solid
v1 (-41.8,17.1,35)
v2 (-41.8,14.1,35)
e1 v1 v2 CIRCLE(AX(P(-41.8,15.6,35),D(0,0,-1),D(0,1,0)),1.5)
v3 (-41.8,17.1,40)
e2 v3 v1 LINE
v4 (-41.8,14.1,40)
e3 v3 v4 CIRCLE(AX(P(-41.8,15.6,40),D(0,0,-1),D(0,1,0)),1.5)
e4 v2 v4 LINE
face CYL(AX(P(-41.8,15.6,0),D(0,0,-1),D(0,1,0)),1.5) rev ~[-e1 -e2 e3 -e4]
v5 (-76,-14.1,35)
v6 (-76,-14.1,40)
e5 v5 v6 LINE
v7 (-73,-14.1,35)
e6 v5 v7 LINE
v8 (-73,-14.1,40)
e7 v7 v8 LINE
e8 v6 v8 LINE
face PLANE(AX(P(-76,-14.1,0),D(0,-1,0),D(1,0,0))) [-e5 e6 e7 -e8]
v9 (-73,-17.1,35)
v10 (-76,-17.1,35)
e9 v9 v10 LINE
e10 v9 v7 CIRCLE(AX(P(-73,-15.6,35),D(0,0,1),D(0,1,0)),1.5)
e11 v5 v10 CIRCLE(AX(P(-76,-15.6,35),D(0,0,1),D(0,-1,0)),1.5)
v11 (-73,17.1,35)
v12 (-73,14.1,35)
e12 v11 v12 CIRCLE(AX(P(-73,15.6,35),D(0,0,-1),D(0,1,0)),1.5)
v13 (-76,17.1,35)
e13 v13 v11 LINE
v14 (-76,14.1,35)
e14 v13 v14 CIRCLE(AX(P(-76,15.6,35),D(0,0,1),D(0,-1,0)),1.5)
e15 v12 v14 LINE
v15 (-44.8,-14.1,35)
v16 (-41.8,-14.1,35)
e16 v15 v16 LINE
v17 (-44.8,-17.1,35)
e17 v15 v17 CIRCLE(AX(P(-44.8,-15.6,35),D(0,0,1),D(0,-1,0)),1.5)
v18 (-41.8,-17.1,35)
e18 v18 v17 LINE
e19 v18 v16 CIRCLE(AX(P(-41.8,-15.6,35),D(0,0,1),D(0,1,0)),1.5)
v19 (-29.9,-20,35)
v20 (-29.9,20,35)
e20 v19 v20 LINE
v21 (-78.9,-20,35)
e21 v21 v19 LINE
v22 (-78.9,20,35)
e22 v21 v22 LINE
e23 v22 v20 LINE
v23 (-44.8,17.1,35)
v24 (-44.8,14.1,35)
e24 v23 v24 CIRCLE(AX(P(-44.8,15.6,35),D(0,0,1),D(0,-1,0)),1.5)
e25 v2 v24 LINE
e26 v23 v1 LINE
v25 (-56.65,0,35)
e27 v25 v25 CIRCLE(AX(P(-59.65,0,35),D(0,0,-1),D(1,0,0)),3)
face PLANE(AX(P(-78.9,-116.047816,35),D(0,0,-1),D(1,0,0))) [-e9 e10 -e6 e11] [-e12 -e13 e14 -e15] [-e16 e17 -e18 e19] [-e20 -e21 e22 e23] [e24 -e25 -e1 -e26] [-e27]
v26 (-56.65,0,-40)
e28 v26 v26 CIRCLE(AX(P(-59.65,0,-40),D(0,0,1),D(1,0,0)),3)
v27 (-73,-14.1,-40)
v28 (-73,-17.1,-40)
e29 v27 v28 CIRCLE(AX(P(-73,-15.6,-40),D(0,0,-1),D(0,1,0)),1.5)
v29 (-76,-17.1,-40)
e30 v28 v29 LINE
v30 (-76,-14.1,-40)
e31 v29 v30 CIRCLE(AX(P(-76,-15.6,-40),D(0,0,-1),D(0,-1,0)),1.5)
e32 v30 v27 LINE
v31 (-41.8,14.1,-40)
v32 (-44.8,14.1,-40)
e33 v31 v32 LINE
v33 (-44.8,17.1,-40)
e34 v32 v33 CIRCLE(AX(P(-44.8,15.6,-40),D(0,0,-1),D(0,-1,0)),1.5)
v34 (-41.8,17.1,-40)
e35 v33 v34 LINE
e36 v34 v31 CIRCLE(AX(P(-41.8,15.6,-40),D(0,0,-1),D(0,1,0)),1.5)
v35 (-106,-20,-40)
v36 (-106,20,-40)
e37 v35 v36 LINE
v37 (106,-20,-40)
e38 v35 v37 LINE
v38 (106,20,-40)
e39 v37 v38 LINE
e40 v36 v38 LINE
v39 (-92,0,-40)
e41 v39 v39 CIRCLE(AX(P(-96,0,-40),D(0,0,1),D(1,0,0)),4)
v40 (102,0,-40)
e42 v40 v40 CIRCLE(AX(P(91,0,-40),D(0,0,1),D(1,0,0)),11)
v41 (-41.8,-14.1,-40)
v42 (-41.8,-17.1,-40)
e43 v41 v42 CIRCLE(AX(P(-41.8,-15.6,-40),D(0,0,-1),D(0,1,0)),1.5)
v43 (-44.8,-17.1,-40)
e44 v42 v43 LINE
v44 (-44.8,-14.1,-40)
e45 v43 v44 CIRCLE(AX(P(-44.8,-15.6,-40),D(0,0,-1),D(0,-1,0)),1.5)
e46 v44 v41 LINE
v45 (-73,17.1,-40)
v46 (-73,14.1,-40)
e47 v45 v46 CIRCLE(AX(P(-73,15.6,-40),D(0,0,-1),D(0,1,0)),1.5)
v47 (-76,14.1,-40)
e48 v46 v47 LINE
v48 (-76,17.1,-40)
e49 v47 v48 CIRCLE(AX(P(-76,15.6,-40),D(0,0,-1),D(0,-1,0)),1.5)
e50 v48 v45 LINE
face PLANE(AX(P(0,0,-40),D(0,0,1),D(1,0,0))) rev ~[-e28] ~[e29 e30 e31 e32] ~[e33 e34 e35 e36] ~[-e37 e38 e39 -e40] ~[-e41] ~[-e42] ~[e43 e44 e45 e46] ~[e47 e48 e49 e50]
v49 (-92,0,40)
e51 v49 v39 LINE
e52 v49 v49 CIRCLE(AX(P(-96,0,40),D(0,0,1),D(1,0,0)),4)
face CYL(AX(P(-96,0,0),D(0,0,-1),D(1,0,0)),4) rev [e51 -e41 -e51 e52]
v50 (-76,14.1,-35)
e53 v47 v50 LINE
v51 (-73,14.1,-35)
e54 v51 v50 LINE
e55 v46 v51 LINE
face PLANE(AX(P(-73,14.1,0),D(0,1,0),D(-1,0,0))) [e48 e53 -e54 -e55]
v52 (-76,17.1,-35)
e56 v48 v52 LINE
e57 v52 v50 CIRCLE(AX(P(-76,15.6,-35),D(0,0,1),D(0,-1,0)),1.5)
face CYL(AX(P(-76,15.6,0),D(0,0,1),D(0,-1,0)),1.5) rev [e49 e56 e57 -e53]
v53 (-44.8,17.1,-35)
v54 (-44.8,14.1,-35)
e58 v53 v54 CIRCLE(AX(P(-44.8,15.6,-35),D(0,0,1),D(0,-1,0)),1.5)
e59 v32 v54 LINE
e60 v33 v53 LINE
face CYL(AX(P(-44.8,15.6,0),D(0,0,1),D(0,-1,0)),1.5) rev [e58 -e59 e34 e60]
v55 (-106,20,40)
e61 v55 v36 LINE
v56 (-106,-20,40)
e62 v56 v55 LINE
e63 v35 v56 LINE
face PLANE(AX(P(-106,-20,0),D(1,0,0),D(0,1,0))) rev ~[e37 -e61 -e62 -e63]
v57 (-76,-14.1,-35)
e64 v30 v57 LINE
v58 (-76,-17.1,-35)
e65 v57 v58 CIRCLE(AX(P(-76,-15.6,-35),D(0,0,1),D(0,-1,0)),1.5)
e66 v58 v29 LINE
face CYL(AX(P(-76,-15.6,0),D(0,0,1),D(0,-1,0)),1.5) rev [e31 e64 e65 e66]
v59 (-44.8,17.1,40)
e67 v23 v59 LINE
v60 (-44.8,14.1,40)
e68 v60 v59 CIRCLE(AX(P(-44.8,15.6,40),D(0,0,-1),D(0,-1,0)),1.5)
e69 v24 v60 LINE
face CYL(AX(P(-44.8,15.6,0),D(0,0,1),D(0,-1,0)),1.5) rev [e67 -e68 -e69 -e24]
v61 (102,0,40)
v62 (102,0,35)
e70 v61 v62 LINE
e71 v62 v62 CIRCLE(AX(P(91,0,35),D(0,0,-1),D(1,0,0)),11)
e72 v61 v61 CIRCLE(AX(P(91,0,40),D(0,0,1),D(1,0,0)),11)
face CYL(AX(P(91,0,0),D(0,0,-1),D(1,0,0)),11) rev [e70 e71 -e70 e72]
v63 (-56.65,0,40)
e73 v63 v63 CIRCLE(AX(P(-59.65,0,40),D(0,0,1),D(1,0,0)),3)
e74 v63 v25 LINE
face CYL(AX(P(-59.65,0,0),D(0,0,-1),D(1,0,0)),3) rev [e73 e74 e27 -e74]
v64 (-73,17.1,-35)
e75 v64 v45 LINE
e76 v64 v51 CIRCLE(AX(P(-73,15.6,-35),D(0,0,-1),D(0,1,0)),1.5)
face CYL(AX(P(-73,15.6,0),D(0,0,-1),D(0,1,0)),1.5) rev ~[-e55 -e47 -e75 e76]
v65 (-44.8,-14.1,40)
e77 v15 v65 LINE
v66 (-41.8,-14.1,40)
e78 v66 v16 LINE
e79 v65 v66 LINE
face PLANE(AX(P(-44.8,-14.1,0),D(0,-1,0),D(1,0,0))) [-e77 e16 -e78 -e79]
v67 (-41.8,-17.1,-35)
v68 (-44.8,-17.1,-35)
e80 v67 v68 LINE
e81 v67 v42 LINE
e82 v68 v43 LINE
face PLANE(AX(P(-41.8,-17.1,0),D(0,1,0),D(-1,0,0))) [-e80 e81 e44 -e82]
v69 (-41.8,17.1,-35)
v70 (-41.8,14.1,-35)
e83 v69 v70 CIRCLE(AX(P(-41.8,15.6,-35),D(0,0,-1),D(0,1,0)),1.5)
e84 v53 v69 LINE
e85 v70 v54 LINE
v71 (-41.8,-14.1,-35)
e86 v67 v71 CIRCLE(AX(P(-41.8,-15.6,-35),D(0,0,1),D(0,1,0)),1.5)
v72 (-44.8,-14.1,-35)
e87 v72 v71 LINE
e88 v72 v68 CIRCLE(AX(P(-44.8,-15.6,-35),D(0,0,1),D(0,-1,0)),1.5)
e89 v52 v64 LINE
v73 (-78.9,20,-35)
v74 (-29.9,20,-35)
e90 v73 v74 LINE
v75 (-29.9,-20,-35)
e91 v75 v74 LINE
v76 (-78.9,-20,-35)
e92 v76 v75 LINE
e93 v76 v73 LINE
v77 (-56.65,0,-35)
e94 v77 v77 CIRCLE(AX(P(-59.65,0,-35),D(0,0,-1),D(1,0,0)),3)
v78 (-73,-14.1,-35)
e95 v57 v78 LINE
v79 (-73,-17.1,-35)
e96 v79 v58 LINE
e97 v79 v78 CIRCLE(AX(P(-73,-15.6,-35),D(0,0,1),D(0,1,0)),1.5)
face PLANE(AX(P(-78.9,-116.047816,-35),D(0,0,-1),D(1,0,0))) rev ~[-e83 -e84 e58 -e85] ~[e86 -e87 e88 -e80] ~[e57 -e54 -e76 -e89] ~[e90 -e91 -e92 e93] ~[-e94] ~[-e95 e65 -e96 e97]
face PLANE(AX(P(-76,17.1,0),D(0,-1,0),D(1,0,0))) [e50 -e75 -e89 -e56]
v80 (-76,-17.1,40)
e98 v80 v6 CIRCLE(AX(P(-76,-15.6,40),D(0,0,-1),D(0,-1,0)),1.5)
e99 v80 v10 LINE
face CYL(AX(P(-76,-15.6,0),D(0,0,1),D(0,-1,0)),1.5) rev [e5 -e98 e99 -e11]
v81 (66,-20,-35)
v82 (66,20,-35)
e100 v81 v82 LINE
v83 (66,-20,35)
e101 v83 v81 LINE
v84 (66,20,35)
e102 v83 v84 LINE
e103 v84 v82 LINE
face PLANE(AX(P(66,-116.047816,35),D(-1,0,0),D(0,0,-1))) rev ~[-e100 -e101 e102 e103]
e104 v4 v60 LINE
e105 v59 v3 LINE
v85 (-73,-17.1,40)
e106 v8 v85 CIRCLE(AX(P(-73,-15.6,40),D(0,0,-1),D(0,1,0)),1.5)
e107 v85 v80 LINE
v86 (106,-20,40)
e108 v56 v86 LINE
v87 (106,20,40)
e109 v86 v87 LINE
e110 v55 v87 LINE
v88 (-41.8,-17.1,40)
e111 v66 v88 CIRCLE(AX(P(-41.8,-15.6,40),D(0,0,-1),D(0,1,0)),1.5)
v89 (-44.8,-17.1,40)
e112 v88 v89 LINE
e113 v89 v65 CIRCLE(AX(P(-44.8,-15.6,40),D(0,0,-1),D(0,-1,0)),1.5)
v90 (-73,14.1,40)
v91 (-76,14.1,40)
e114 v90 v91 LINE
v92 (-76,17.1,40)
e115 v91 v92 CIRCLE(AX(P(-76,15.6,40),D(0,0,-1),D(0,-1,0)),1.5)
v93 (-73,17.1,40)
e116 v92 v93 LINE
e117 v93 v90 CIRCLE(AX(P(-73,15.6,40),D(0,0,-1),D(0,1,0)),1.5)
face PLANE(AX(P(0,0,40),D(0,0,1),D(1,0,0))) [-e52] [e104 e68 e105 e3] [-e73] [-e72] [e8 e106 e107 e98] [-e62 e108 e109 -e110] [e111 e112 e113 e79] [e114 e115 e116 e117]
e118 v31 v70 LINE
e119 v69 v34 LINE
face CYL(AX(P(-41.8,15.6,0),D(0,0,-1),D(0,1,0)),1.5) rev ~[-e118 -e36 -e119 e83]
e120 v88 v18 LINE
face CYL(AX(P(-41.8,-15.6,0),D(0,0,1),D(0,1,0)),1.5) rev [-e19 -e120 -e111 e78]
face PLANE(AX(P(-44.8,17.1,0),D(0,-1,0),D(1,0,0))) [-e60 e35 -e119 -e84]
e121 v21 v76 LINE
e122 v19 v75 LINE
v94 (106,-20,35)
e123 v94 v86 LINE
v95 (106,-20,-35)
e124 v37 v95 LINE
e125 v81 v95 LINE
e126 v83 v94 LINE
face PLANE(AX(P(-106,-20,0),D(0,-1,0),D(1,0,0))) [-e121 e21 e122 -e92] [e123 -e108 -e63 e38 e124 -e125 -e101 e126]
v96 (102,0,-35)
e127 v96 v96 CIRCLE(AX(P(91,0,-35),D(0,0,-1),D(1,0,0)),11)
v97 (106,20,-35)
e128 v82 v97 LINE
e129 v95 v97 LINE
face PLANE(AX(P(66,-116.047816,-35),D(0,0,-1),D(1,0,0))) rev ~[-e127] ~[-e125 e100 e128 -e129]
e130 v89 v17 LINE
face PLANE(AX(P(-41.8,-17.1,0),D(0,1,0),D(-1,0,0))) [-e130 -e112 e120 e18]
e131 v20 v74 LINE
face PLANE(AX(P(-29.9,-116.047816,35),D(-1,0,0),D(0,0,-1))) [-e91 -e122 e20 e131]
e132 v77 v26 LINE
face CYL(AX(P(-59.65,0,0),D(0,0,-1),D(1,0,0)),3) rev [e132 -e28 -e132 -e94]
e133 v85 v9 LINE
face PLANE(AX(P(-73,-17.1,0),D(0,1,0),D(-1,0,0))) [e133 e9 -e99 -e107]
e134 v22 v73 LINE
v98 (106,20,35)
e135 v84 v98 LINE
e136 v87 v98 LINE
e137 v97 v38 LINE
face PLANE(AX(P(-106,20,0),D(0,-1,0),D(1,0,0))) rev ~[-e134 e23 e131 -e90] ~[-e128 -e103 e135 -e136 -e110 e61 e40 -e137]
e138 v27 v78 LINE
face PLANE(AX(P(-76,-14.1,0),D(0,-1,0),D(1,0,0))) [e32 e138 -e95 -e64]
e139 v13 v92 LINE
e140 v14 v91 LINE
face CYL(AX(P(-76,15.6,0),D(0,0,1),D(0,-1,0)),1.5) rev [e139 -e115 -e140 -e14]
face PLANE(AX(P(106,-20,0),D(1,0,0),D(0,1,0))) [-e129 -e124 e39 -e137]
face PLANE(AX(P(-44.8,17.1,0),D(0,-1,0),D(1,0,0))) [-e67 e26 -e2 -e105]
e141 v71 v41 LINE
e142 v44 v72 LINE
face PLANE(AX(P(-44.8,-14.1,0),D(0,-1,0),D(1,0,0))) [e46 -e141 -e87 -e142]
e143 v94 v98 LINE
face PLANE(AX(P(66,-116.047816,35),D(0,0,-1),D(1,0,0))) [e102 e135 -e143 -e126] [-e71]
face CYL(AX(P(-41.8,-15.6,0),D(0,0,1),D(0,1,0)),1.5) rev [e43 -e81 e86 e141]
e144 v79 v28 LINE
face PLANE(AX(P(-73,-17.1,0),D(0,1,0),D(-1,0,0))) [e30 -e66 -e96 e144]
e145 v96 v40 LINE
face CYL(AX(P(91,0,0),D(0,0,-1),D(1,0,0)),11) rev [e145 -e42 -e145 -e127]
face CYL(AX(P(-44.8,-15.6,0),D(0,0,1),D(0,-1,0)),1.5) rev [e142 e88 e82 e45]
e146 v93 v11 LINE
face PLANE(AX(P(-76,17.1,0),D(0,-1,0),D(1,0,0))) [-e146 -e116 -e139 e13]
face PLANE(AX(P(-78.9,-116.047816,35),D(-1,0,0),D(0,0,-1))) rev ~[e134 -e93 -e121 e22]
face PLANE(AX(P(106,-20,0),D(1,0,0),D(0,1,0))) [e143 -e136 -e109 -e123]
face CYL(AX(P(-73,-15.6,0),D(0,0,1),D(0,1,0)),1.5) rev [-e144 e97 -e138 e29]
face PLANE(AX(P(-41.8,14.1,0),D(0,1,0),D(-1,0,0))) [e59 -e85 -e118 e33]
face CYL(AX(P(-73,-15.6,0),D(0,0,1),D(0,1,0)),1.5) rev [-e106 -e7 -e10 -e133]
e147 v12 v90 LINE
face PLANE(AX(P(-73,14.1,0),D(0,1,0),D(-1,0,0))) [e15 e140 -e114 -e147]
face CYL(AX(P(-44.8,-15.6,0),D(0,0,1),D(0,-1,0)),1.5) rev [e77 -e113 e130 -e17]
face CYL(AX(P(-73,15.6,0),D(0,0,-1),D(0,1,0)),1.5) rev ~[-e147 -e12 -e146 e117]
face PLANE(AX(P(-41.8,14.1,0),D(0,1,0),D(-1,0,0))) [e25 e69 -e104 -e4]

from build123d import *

# Parameters (mm, degrees)
SKETCH1_W               = 212
SKETCH1_H               = 40
SKETCH1_R               = 4
SKETCH1_R_2             = 3
SKETCH1_R_3             = 11
BOSS_EXTRUDE1_DEPTH     = 40
CUT_EXTRUDE3_DEPTH      = 116.047816146
CUT_EXTRUDE3_DEPTH_BACK = 116.047816146
SKETCH2_W               = 49
SKETCH2_H               = 70
SKETCH2_W_2             = 40


with BuildPart() as part:
    # Sketch1 → Boss-Extrude1 (new, symmetric)
    with BuildSketch(Plane.XY):
        Rectangle(SKETCH1_W, SKETCH1_H)
        with Locations((-96, 0)):
            Circle(SKETCH1_R, mode=Mode.SUBTRACT)
        with Locations((-59.65, 0)):
            Circle(SKETCH1_R_2, mode=Mode.SUBTRACT)
        with Locations((91, 0)):
            Circle(SKETCH1_R_3, mode=Mode.SUBTRACT)
        with BuildLine():
            Line((-76, 17.1), (-73, 17.1))
            ThreePointArc((-73, 17.1), (-71.5, 15.6), (-73, 14.1))
            Line((-73, 14.1), (-76, 14.1))
            ThreePointArc((-76, 14.1), (-77.5, 15.6), (-76, 17.1))
        make_face(mode=Mode.SUBTRACT)
        with BuildLine():
            Line((-44.8, 17.1), (-41.8, 17.1))
            ThreePointArc((-41.8, 17.1), (-40.3, 15.6), (-41.8, 14.1))
            Line((-41.8, 14.1), (-44.8, 14.1))
            ThreePointArc((-44.8, 14.1), (-46.3, 15.6), (-44.8, 17.1))
        make_face(mode=Mode.SUBTRACT)
        with BuildLine():
            Line((-76, -14.1), (-73, -14.1))
            ThreePointArc((-73, -14.1), (-71.5, -15.6), (-73, -17.1))
            Line((-73, -17.1), (-76, -17.1))
            ThreePointArc((-76, -17.1), (-77.5, -15.6), (-76, -14.1))
        make_face(mode=Mode.SUBTRACT)
        with BuildLine():
            Line((-44.8, -14.1), (-41.8, -14.1))
            ThreePointArc((-41.8, -14.1), (-40.3, -15.6), (-41.8, -17.1))
            Line((-41.8, -17.1), (-44.8, -17.1))
            ThreePointArc((-44.8, -17.1), (-46.3, -15.6), (-44.8, -14.1))
        make_face(mode=Mode.SUBTRACT)
    extrude(amount=BOSS_EXTRUDE1_DEPTH, both=True)

    # Sketch2 → Cut-Extrude3 (cut, two sides: drawn at the far end of the back side and taken through both)
    with BuildSketch(Plane(origin=(0, 0, 0), x_dir=(1, 0, 0), z_dir=(0, 1, 0)).offset(-CUT_EXTRUDE3_DEPTH_BACK)):
        with Locations((-54.4, 0)):
            Rectangle(SKETCH2_W, SKETCH2_H)
        with Locations((86, 0)):
            Rectangle(SKETCH2_W_2, SKETCH2_H)
    extrude(amount=CUT_EXTRUDE3_DEPTH + CUT_EXTRUDE3_DEPTH_BACK, mode=Mode.SUBTRACT)


solid = part.part
